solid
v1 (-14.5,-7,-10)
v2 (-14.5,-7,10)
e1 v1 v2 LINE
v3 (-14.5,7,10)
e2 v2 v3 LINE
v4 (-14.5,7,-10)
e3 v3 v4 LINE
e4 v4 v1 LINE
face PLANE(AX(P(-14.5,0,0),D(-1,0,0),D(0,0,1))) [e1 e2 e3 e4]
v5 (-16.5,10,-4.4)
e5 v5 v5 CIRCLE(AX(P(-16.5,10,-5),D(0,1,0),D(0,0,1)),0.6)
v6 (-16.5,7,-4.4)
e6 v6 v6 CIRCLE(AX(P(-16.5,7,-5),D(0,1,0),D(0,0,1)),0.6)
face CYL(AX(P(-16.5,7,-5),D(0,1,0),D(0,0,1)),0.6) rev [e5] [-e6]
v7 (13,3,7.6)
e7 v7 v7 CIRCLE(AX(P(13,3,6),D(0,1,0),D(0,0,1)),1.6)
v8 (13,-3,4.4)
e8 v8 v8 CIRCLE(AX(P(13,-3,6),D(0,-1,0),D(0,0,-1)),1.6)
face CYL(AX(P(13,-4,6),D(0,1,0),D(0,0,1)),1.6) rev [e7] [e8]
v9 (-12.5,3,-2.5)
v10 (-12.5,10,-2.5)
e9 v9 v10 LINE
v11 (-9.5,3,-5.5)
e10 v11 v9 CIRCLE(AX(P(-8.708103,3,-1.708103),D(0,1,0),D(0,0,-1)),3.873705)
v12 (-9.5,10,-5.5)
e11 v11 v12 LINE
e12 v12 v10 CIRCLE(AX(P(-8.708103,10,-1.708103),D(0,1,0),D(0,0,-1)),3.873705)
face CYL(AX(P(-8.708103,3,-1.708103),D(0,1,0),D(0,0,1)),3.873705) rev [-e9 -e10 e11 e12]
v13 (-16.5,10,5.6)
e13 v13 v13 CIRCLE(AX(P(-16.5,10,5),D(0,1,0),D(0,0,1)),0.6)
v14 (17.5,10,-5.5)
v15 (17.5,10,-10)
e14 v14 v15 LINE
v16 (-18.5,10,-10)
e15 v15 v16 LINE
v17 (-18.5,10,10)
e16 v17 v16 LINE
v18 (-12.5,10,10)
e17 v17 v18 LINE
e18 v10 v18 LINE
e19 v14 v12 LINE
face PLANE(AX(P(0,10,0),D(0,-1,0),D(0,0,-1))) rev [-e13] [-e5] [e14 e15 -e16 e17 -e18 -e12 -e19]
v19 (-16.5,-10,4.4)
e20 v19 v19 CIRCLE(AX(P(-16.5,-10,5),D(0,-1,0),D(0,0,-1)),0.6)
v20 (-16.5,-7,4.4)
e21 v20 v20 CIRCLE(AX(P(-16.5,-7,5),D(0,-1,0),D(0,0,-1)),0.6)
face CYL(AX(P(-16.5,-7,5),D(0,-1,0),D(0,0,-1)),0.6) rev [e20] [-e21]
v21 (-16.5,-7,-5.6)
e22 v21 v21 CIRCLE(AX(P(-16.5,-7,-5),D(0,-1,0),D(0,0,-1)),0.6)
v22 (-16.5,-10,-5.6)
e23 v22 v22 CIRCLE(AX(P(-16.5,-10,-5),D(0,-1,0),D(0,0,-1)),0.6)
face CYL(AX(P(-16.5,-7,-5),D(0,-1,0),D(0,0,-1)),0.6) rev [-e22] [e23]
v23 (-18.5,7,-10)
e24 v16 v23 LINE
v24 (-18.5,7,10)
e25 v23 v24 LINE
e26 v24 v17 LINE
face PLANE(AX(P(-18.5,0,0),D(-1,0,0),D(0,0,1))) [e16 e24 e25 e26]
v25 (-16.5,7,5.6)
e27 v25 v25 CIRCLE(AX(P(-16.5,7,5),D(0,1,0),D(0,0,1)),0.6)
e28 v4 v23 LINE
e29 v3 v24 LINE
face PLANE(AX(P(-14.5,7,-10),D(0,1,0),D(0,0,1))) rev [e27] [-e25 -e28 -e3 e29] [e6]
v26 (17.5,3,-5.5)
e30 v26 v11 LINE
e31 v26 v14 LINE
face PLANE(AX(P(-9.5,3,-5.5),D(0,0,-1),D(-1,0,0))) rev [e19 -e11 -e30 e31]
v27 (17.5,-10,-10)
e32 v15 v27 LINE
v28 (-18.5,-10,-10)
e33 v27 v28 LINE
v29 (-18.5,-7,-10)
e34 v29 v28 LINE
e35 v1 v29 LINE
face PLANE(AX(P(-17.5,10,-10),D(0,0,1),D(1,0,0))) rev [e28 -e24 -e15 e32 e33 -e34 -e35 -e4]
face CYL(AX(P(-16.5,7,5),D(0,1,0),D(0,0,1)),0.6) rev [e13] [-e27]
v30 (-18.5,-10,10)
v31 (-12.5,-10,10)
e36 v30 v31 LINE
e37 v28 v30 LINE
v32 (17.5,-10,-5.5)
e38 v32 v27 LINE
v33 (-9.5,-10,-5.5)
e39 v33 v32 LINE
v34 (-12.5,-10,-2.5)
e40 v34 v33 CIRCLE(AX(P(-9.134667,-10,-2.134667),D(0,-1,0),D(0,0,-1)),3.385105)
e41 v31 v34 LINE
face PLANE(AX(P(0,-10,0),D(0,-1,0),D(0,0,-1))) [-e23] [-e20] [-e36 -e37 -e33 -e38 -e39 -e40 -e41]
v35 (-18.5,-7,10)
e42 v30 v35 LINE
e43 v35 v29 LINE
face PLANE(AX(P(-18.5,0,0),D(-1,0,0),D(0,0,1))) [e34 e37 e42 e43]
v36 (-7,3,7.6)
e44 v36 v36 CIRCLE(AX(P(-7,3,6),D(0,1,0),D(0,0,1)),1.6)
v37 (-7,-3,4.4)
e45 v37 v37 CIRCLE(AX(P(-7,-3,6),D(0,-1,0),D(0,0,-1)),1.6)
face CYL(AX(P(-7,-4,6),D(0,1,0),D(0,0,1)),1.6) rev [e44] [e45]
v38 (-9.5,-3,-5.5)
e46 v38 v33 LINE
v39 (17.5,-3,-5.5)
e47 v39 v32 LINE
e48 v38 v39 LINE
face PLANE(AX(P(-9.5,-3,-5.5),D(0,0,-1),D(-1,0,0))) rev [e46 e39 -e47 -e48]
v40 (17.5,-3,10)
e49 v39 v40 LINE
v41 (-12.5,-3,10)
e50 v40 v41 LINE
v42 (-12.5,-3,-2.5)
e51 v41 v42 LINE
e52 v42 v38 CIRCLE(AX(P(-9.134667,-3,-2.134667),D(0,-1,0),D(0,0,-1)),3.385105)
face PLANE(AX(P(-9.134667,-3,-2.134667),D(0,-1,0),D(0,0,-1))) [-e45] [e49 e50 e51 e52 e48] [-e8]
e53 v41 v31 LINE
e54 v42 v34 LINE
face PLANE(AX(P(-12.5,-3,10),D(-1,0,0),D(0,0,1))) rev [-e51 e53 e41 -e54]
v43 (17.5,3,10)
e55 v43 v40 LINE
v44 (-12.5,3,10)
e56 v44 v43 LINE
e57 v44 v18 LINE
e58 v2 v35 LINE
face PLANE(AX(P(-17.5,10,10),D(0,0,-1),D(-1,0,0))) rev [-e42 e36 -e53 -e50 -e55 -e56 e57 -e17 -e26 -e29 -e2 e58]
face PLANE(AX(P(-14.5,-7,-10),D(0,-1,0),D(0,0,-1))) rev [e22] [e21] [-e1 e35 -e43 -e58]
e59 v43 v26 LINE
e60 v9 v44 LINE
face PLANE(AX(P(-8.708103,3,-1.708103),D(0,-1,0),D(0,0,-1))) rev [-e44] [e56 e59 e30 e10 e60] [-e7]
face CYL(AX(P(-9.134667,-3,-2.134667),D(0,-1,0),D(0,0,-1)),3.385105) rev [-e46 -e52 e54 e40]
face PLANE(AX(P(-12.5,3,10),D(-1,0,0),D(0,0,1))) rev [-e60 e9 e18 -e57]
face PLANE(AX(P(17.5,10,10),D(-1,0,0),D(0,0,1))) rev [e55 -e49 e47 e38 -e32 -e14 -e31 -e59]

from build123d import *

# Parameters (mm, degrees)
SKETCH1_W           = 35
SKETCH1_H           = 20
BOSS_EXTRUDE2_DEPTH = 10
CUT_EXTRUDE1_DEPTH  = 7
CUT_EXTRUDE2_DEPTH  = 7
SKETCH8_R           = 1.6
CUT_EXTRUDE3_DEPTH  = 7
SKETCH9_W           = 20
SKETCH9_H           = 14
CUT_EXTRUDE4_DEPTH  = 3
SKETCH10_R          = 0.6
CUT_EXTRUDE5_DEPTH  = 3
SKETCH11_R          = 0.6
CUT_EXTRUDE6_DEPTH  = 3
SKETCH12_W          = 20
SKETCH12_H          = 3
BOSS_EXTRUDE3_DEPTH = 1
SKETCH13_W          = 20
SKETCH13_H          = 3
BOSS_EXTRUDE4_DEPTH = 1


with BuildPart() as part:
    # Sketch1 → Boss-Extrude2 (new body, symmetric)
    with BuildSketch(Plane(origin=(0, 0, 0), x_dir=(1, 0, 0), z_dir=(0, 1, 0))):
        Rectangle(SKETCH1_W, SKETCH1_H)
    extrude(amount=BOSS_EXTRUDE2_DEPTH, both=True)

    # Sketch4 → Cut-Extrude1 (cut)
    with BuildSketch(Plane(origin=(0, 10, 0), x_dir=(1, 0, 0), z_dir=(0, 1, 0))):
        with BuildLine():
            Line((-12.5, -10), (-12.5, 2.5))
            ThreePointArc((-12.5, 2.5), (-11.447225408, 4.447225408), (-9.5, 5.5))
            Line((-9.5, 5.5), (17.5, 5.5))
            Line((17.5, 5.5), (17.5, -10))
            Line((17.5, -10), (-12.5, -10))
        make_face()
    extrude(amount=-CUT_EXTRUDE1_DEPTH, mode=Mode.SUBTRACT)

    # Sketch6 → Cut-Extrude2 (cut)
    with BuildSketch(Plane.XZ.offset(10)):
        with BuildLine():
            Line((-12.5, 10), (-12.5, -2.5))
            ThreePointArc((-12.5, -2.5), (-11.528297563, -4.528297563), (-9.5, -5.5))
            Line((-9.5, -5.5), (17.5, -5.5))
            Line((17.5, -5.5), (17.5, 10))
            Line((17.5, 10), (-12.5, 10))
        make_face()
    extrude(amount=-CUT_EXTRUDE2_DEPTH, mode=Mode.SUBTRACT)

    # Sketch8 → Cut-Extrude3 (cut)
    with BuildSketch(Plane(origin=(0, 3, 0), x_dir=(1, 0, 0), z_dir=(0, 1, 0))):
        with Locations((-7, -6)):
            Circle(SKETCH8_R)
        with Locations((13, -6)):
            Circle(SKETCH8_R)
    extrude(amount=-CUT_EXTRUDE3_DEPTH, mode=Mode.SUBTRACT)

    # Sketch9 → Cut-Extrude4 (cut)
    with BuildSketch(Plane.ZY.offset(17.5)):
        Rectangle(SKETCH9_W, SKETCH9_H)
    extrude(amount=-CUT_EXTRUDE4_DEPTH, mode=Mode.SUBTRACT)

    # Sketch10 → Cut-Extrude5 (cut)
    with BuildSketch(Plane(origin=(0, 10, 0), x_dir=(1, 0, 0), z_dir=(0, 1, 0))):
        with Locations((-16.5, 5)):
            Circle(SKETCH10_R)
        with Locations((-16.5, -5)):
            Circle(SKETCH10_R)
    extrude(amount=-CUT_EXTRUDE5_DEPTH, mode=Mode.SUBTRACT)

    # Sketch11 → Cut-Extrude6 (cut)
    with BuildSketch(Plane.XZ.offset(10)):
        with Locations((-16.5, 5)):
            Circle(SKETCH11_R)
        with Locations((-16.5, -5)):
            Circle(SKETCH11_R)
    extrude(amount=-CUT_EXTRUDE6_DEPTH, mode=Mode.SUBTRACT)

    # Sketch12 → Boss-Extrude3 (add)
    with BuildSketch(Plane.ZY.offset(17.5)):
        with Locations((0, 8.5)):
            Rectangle(SKETCH12_W, SKETCH12_H)
    extrude(amount=BOSS_EXTRUDE3_DEPTH)

    # Sketch13 → Boss-Extrude4 (add)
    with BuildSketch(Plane.ZY.offset(17.5)):
        with Locations((0, -8.5)):
            Rectangle(SKETCH13_W, SKETCH13_H)
    extrude(amount=BOSS_EXTRUDE4_DEPTH)


solid = part.part
